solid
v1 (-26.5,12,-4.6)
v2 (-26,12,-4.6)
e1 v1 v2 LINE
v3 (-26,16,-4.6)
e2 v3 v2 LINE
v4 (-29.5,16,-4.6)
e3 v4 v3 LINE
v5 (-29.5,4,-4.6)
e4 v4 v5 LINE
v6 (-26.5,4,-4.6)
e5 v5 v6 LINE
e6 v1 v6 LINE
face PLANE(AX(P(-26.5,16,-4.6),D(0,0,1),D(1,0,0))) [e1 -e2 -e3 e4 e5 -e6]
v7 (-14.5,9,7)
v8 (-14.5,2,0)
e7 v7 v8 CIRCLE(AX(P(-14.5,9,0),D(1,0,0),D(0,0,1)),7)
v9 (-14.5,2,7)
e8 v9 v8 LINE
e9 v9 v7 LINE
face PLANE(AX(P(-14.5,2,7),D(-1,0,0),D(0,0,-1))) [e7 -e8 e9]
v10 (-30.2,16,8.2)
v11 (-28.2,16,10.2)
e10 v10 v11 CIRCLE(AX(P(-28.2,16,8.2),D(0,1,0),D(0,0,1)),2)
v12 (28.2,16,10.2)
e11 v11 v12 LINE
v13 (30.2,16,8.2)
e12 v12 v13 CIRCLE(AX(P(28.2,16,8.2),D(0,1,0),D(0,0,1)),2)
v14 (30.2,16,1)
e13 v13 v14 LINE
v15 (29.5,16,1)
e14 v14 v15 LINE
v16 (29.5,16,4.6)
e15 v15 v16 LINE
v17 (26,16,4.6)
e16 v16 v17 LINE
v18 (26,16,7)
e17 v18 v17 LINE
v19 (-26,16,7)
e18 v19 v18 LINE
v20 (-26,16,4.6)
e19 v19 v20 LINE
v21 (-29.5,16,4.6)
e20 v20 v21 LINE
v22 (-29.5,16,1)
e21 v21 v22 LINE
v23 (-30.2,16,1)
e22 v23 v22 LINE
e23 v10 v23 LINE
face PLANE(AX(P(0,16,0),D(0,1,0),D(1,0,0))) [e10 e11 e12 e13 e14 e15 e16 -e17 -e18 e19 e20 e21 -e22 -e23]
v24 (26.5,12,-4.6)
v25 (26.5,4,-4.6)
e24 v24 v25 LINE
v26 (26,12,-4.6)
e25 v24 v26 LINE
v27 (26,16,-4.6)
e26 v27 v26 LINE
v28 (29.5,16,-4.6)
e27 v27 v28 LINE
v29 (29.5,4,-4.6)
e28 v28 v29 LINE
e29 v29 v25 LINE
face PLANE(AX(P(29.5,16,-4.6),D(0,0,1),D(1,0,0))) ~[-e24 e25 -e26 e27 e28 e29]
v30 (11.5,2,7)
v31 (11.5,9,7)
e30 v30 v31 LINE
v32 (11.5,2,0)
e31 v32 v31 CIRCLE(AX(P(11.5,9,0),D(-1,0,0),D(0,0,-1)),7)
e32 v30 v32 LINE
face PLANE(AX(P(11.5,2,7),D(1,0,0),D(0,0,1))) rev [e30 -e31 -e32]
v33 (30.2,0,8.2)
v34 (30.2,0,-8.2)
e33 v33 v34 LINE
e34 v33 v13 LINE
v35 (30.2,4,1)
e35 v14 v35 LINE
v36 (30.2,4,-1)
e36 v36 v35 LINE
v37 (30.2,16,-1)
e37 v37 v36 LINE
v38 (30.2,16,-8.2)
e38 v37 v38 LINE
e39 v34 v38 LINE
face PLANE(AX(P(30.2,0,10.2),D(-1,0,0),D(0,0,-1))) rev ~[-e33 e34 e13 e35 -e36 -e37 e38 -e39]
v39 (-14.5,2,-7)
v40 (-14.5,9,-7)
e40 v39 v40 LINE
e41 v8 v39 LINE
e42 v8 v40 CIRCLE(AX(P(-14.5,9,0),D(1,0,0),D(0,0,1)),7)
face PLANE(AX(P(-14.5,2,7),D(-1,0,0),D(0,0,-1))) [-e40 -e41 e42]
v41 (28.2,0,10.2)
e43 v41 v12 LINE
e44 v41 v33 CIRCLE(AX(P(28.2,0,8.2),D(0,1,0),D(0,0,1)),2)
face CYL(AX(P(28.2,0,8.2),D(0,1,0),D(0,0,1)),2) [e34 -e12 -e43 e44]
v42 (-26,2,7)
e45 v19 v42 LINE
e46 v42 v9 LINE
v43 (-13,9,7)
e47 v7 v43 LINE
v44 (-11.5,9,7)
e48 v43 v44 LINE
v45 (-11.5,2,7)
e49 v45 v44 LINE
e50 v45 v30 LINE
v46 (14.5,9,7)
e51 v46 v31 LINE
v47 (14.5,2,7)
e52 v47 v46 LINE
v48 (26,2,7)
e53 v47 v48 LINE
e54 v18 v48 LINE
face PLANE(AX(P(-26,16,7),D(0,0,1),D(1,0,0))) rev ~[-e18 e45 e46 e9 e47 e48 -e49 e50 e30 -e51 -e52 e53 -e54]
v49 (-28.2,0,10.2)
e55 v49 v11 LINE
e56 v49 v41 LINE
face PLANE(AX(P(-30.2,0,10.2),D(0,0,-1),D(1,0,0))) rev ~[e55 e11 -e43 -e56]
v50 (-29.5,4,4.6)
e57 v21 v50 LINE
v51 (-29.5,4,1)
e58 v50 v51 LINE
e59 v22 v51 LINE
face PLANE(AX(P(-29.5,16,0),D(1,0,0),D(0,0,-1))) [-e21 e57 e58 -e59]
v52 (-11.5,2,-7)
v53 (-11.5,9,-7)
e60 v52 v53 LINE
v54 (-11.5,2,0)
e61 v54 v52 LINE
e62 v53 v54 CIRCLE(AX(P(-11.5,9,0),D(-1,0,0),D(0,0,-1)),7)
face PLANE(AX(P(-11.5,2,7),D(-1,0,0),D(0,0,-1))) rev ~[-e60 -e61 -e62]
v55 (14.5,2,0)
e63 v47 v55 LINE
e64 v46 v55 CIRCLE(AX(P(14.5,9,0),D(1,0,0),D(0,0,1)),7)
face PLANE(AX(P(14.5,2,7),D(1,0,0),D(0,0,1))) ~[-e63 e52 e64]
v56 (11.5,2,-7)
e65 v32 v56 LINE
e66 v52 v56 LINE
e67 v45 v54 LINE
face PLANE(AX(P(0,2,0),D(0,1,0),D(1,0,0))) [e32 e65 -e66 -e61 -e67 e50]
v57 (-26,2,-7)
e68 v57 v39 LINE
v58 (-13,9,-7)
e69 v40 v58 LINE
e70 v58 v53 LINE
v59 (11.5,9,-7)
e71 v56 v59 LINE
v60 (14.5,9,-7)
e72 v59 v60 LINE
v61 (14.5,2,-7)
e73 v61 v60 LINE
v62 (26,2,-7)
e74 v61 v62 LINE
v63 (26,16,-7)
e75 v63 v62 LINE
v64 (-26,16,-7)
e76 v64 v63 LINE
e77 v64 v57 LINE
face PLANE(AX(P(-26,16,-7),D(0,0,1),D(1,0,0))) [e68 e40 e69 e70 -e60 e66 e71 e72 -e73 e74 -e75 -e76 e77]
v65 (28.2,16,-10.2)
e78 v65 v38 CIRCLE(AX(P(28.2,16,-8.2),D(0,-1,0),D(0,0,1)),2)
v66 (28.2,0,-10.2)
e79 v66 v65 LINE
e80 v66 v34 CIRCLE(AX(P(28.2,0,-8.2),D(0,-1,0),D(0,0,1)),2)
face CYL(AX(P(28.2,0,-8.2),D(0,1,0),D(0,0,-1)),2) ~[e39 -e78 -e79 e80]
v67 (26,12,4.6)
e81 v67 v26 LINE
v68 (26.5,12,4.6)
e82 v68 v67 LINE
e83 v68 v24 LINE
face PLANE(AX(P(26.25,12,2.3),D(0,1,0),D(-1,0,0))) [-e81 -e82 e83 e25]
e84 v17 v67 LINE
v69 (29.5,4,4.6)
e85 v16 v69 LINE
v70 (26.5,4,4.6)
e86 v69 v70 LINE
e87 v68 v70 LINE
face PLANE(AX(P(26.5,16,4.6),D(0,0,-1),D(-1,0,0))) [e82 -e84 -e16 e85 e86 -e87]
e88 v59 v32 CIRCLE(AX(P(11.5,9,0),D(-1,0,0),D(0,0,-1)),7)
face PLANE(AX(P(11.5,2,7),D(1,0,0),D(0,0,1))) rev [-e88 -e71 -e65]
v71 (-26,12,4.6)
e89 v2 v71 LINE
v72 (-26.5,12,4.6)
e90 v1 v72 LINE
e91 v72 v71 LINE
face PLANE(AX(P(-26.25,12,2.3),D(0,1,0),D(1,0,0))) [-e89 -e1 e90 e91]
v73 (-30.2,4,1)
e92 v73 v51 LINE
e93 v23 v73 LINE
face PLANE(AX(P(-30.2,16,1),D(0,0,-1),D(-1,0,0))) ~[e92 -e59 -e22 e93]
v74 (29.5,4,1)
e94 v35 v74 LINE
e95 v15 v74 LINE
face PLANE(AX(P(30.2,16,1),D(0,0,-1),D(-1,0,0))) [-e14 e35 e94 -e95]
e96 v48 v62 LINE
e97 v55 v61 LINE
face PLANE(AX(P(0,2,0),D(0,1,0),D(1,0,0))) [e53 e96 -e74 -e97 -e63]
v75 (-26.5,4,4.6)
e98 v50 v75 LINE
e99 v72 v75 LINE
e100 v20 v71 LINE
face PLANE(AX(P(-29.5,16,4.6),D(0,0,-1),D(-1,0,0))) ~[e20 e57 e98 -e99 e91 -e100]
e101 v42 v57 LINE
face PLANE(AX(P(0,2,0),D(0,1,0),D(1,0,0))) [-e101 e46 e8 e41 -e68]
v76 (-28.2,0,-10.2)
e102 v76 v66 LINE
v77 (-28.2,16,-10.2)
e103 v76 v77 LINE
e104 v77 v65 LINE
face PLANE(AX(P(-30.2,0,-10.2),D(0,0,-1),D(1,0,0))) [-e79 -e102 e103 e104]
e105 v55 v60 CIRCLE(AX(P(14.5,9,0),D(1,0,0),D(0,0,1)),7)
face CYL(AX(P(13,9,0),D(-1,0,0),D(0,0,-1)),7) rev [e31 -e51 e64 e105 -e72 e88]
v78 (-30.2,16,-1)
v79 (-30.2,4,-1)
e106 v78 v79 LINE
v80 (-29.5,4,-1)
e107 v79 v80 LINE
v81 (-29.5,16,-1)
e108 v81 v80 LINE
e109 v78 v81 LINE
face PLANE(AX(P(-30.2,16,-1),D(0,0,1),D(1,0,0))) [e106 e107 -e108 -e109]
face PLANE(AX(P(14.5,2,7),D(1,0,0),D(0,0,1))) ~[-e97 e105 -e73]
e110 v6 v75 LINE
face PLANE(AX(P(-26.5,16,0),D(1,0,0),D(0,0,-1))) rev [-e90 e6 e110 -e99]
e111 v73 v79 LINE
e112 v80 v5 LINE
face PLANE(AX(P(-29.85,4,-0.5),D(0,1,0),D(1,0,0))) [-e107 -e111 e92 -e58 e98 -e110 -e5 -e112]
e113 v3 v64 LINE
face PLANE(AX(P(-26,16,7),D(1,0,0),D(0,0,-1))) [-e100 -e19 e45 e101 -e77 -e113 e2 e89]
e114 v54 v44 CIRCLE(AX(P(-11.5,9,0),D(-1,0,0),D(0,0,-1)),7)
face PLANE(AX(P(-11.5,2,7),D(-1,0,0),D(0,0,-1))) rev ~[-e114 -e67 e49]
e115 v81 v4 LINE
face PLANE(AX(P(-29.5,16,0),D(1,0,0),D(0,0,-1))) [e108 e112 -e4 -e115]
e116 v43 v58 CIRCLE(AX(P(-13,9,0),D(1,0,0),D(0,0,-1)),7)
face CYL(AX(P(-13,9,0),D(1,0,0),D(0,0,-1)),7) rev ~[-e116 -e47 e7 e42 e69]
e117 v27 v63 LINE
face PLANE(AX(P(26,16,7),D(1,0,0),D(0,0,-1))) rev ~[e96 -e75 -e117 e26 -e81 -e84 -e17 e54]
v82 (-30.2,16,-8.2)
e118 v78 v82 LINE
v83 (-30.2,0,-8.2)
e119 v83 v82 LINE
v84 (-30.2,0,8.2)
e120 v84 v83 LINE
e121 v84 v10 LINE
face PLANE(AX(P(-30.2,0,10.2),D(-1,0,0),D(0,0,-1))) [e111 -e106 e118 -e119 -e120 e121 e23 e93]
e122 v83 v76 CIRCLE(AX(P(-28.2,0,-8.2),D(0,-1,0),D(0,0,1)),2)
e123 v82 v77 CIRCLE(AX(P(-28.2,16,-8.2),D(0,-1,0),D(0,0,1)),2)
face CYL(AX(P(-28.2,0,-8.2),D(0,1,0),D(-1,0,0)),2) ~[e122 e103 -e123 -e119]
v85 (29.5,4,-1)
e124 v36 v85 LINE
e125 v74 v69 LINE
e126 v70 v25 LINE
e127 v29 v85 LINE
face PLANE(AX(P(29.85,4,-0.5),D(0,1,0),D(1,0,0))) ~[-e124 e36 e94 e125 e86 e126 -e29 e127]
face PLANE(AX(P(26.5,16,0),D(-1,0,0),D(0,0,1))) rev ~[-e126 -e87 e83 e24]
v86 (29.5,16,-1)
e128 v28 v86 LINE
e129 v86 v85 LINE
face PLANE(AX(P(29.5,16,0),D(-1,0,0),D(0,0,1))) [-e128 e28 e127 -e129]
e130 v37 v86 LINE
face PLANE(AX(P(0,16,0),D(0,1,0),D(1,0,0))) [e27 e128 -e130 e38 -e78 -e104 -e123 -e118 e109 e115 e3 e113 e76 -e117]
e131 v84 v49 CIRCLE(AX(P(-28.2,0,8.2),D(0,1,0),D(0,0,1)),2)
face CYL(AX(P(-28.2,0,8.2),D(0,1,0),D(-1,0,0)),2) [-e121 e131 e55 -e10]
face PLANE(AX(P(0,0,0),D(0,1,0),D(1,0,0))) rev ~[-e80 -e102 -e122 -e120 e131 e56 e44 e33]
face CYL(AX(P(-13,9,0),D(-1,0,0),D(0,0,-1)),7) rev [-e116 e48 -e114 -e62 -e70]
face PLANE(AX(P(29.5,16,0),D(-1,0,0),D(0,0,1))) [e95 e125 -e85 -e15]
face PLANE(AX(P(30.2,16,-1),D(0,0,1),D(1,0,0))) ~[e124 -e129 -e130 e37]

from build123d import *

# Parameters (mm, degrees)
SKETCH2_W                                  = 60.4
SKETCH2_H                                  = 20.4
BOSS_EXTRUDE1_DEPTH                        = 16
SKETCH3_W                                  = 52
SKETCH3_H                                  = 14
CUT_EXTRUDE1_DEPTH                         = 14
FILLET1_R                                  = 2
SKETCH4_W                                  = 0.5
SKETCH4_H                                  = 4.6
CUT_EXTRUDE2_DEPTH                         = 4
SKETCH5_W                                  = 3
SKETCH5_H                                  = 4.6
CUT_EXTRUDE3_DEPTH                         = 12
MIRROR5_COPY_1_SKETCH_W                    = 0.5
MIRROR5_COPY_1_SKETCH_H                    = 4.6
MIRROR5_COPY_1_DEPTH                       = 4
MIRROR5_COPY_2_SKETCH_W                    = 3
MIRROR5_COPY_2_SKETCH_H                    = 4.6
MIRROR5_COPY_2_DEPTH                       = 12
MIRROR5_COPY_3_SKETCH_W                    = 0.5
MIRROR5_COPY_3_SKETCH_H                    = 4.6
MIRROR5_COPY_3_DEPTH                       = 4
SKETCH8_W                                  = 3
SKETCH8_H                                  = 14
BOSS_EXTRUDE2_DEPTH                        = 7
CUT_EXTRUDE5_REACH                         = 49.183
SKETCH7_R                                  = 7
CUT_EXTRUDE5_DIRECTION_2_REACH             = 49.183
SKETCH9_W                                  = 0.7
SKETCH9_H                                  = 1
CUT_EXTRUDE6_DEPTH                         = 12
MIRROR8_AT_THE_SECOND_PLANE_COPY_1_SKETC_W = 0.7
MIRROR8_AT_THE_SECOND_PLANE_COPY_1_SKETC_H = 1
MIRROR8_AT_THE_SECOND_PLANE_COPY_1_DEPTH   = 12


with BuildPart() as part:
    # Sketch2 → Boss-Extrude1 (new body)
    with BuildSketch(Plane(origin=(0, 0, 0), x_dir=(1, 0, 0), z_dir=(0, 1, 0))):
        Rectangle(SKETCH2_W, SKETCH2_H)
    extrude(amount=BOSS_EXTRUDE1_DEPTH)

    # Sketch3 → Cut-Extrude1 (cut)
    with BuildSketch(Plane(origin=(0, 16, 0), x_dir=(1, 0, 0), z_dir=(0, 1, 0))):
        Rectangle(SKETCH3_W, SKETCH3_H)
    extrude(amount=-CUT_EXTRUDE1_DEPTH, mode=Mode.SUBTRACT)

    # Fillet1
    fillet1_edges = [part.edges().sort_by_distance(p)[0] for p in [
        (30.2, 8, 10.2),
        (-30.2, 8, 10.2),
        (-30.2, 8, -10.2),
        (30.2, 8, -10.2),
    ]]
    fillet(fillet1_edges, radius=FILLET1_R)

    # Sketch4 → Cut-Extrude2 (cut)
    with BuildSketch(Plane(origin=(0, 16, 0), x_dir=(1, 0, 0), z_dir=(0, 1, 0))):
        with Locations((-26.25, 2.3)):
            Rectangle(SKETCH4_W, SKETCH4_H)
    cut_extrude2 = extrude(amount=-CUT_EXTRUDE2_DEPTH, mode=Mode.SUBTRACT)

    # Sketch5 → Cut-Extrude3 (cut)
    with BuildSketch(Plane(origin=(0, 16, 0), x_dir=(1, 0, 0), z_dir=(0, 1, 0))):
        with Locations((-28, 2.3)):
            Rectangle(SKETCH5_W, SKETCH5_H)
    cut_extrude3 = extrude(amount=-CUT_EXTRUDE3_DEPTH, mode=Mode.SUBTRACT)

    # Mirror4: Cut-Extrude2, Cut-Extrude3 across plane
    add(cut_extrude2.mirror(Plane(origin=(0, 0, 0), x_dir=(0, 0, 1), z_dir=(1, 0, 0))), mode=Mode.SUBTRACT)
    add(cut_extrude3.mirror(Plane(origin=(0, 0, 0), x_dir=(0, 0, 1), z_dir=(1, 0, 0))), mode=Mode.SUBTRACT)

    # Mirror5: Cut-Extrude3 across plane
    add(cut_extrude3.mirror(Plane.XY), mode=Mode.SUBTRACT)

    # Mirror5 copy 1 sketch → Mirror5 copy 1 (cut)
    with BuildSketch(Plane(origin=(0, 16, 0), x_dir=(-1, 0, 0), z_dir=(0, 1, 0))):
        with Locations((-26.25, 2.3)):
            Rectangle(MIRROR5_COPY_1_SKETCH_W, MIRROR5_COPY_1_SKETCH_H)
    extrude(amount=-MIRROR5_COPY_1_DEPTH, mode=Mode.SUBTRACT)

    # Mirror5 copy 2 sketch → Mirror5 copy 2 (cut)
    with BuildSketch(Plane(origin=(0, 16, 0), x_dir=(-1, 0, 0), z_dir=(0, 1, 0))):
        with Locations((-28, 2.3)):
            Rectangle(MIRROR5_COPY_2_SKETCH_W, MIRROR5_COPY_2_SKETCH_H)
    extrude(amount=-MIRROR5_COPY_2_DEPTH, mode=Mode.SUBTRACT)

    # Mirror5 copy 3 sketch → Mirror5 copy 3 (cut)
    with BuildSketch(Plane(origin=(0, 16, 0), x_dir=(1, 0, 0), z_dir=(0, 1, 0))):
        with Locations((-26.25, -2.3)):
            Rectangle(MIRROR5_COPY_3_SKETCH_W, MIRROR5_COPY_3_SKETCH_H)
    extrude(amount=-MIRROR5_COPY_3_DEPTH, mode=Mode.SUBTRACT)

    # Sketch8 → Boss-Extrude2 (add)
    with BuildSketch(Plane(origin=(0, 2, 0), x_dir=(1, 0, 0), z_dir=(0, 1, 0))):
        with Locations((-13, 0)):
            Rectangle(SKETCH8_W, SKETCH8_H)
    boss_extrude2 = extrude(amount=BOSS_EXTRUDE2_DEPTH)

    # Sketch7 → Cut-Extrude5 (cut, up to next)
    with BuildSketch(Plane(origin=(-13, 0, 0), x_dir=(0, 0, -1), z_dir=(1, 0, 0)), mode=Mode.PRIVATE) as cut_extrude5_sk1:
        with Locations((0, 9)):
            Circle(SKETCH7_R)
    cut_extrude5_tool1 = extrude(cut_extrude5_sk1.sketch, amount=-CUT_EXTRUDE5_REACH, mode=Mode.PRIVATE) & part.part
    cut_extrude5 = cut_extrude5_tool1.solids().sort_by_distance((-13, 9, 0))[0]
    add(cut_extrude5, mode=Mode.SUBTRACT)

    # Sketch7 → Cut-Extrude5 direction 2 (cut, up to next)
    with BuildSketch(Plane(origin=(-13, 0, 0), x_dir=(0, 0, -1), z_dir=(1, 0, 0)), mode=Mode.PRIVATE) as cut_extrude5_direction_2_sk1:
        with Locations((0, 9)):
            Circle(SKETCH7_R)
    cut_extrude5_direction_2_tool1 = extrude(cut_extrude5_direction_2_sk1.sketch, amount=CUT_EXTRUDE5_DIRECTION_2_REACH, mode=Mode.PRIVATE) & part.part
    cut_extrude5_direction_2 = cut_extrude5_direction_2_tool1.solids().sort_by_distance((-13, 9, 0))[0]
    add(cut_extrude5_direction_2, mode=Mode.SUBTRACT)

    # Mirror7: Boss-Extrude2, Cut-Extrude5, Cut-Extrude5 direction 2 across plane
    add(boss_extrude2.mirror(Plane(origin=(0, 0, 0), x_dir=(0, 0, 1), z_dir=(1, 0, 0))))
    add(cut_extrude5.mirror(Plane(origin=(0, 0, 0), x_dir=(0, 0, 1), z_dir=(1, 0, 0))), mode=Mode.SUBTRACT)
    add(cut_extrude5_direction_2.mirror(Plane(origin=(0, 0, 0), x_dir=(0, 0, 1), z_dir=(1, 0, 0))), mode=Mode.SUBTRACT)

    # Sketch9 → Cut-Extrude6 (cut)
    with BuildSketch(Plane(origin=(0, 16, 0), x_dir=(1, 0, 0), z_dir=(0, 1, 0))):
        with Locations((-29.85, 0.5)):
            Rectangle(SKETCH9_W, SKETCH9_H)
    cut_extrude6 = extrude(amount=-CUT_EXTRUDE6_DEPTH, mode=Mode.SUBTRACT)

    # Mirror8: Cut-Extrude6 across plane
    add(cut_extrude6.mirror(Plane.XY), mode=Mode.SUBTRACT)

    # Mirror8 at the second plane: Cut-Extrude6 across plane
    add(cut_extrude6.mirror(Plane(origin=(0, 0, 0), x_dir=(0, 0, 1), z_dir=(1, 0, 0))), mode=Mode.SUBTRACT)

    # Mirror8 at the second plane copy 1 sketc → Mirror8 at the second plane copy 1 (cut)
    with BuildSketch(Plane(origin=(0, 16, 0), x_dir=(-1, 0, 0), z_dir=(0, 1, 0))):
        with Locations((-29.85, 0.5)):
            Rectangle(MIRROR8_AT_THE_SECOND_PLANE_COPY_1_SKETC_W, MIRROR8_AT_THE_SECOND_PLANE_COPY_1_SKETC_H)
    extrude(amount=-MIRROR8_AT_THE_SECOND_PLANE_COPY_1_DEPTH, mode=Mode.SUBTRACT)


solid = part.part
